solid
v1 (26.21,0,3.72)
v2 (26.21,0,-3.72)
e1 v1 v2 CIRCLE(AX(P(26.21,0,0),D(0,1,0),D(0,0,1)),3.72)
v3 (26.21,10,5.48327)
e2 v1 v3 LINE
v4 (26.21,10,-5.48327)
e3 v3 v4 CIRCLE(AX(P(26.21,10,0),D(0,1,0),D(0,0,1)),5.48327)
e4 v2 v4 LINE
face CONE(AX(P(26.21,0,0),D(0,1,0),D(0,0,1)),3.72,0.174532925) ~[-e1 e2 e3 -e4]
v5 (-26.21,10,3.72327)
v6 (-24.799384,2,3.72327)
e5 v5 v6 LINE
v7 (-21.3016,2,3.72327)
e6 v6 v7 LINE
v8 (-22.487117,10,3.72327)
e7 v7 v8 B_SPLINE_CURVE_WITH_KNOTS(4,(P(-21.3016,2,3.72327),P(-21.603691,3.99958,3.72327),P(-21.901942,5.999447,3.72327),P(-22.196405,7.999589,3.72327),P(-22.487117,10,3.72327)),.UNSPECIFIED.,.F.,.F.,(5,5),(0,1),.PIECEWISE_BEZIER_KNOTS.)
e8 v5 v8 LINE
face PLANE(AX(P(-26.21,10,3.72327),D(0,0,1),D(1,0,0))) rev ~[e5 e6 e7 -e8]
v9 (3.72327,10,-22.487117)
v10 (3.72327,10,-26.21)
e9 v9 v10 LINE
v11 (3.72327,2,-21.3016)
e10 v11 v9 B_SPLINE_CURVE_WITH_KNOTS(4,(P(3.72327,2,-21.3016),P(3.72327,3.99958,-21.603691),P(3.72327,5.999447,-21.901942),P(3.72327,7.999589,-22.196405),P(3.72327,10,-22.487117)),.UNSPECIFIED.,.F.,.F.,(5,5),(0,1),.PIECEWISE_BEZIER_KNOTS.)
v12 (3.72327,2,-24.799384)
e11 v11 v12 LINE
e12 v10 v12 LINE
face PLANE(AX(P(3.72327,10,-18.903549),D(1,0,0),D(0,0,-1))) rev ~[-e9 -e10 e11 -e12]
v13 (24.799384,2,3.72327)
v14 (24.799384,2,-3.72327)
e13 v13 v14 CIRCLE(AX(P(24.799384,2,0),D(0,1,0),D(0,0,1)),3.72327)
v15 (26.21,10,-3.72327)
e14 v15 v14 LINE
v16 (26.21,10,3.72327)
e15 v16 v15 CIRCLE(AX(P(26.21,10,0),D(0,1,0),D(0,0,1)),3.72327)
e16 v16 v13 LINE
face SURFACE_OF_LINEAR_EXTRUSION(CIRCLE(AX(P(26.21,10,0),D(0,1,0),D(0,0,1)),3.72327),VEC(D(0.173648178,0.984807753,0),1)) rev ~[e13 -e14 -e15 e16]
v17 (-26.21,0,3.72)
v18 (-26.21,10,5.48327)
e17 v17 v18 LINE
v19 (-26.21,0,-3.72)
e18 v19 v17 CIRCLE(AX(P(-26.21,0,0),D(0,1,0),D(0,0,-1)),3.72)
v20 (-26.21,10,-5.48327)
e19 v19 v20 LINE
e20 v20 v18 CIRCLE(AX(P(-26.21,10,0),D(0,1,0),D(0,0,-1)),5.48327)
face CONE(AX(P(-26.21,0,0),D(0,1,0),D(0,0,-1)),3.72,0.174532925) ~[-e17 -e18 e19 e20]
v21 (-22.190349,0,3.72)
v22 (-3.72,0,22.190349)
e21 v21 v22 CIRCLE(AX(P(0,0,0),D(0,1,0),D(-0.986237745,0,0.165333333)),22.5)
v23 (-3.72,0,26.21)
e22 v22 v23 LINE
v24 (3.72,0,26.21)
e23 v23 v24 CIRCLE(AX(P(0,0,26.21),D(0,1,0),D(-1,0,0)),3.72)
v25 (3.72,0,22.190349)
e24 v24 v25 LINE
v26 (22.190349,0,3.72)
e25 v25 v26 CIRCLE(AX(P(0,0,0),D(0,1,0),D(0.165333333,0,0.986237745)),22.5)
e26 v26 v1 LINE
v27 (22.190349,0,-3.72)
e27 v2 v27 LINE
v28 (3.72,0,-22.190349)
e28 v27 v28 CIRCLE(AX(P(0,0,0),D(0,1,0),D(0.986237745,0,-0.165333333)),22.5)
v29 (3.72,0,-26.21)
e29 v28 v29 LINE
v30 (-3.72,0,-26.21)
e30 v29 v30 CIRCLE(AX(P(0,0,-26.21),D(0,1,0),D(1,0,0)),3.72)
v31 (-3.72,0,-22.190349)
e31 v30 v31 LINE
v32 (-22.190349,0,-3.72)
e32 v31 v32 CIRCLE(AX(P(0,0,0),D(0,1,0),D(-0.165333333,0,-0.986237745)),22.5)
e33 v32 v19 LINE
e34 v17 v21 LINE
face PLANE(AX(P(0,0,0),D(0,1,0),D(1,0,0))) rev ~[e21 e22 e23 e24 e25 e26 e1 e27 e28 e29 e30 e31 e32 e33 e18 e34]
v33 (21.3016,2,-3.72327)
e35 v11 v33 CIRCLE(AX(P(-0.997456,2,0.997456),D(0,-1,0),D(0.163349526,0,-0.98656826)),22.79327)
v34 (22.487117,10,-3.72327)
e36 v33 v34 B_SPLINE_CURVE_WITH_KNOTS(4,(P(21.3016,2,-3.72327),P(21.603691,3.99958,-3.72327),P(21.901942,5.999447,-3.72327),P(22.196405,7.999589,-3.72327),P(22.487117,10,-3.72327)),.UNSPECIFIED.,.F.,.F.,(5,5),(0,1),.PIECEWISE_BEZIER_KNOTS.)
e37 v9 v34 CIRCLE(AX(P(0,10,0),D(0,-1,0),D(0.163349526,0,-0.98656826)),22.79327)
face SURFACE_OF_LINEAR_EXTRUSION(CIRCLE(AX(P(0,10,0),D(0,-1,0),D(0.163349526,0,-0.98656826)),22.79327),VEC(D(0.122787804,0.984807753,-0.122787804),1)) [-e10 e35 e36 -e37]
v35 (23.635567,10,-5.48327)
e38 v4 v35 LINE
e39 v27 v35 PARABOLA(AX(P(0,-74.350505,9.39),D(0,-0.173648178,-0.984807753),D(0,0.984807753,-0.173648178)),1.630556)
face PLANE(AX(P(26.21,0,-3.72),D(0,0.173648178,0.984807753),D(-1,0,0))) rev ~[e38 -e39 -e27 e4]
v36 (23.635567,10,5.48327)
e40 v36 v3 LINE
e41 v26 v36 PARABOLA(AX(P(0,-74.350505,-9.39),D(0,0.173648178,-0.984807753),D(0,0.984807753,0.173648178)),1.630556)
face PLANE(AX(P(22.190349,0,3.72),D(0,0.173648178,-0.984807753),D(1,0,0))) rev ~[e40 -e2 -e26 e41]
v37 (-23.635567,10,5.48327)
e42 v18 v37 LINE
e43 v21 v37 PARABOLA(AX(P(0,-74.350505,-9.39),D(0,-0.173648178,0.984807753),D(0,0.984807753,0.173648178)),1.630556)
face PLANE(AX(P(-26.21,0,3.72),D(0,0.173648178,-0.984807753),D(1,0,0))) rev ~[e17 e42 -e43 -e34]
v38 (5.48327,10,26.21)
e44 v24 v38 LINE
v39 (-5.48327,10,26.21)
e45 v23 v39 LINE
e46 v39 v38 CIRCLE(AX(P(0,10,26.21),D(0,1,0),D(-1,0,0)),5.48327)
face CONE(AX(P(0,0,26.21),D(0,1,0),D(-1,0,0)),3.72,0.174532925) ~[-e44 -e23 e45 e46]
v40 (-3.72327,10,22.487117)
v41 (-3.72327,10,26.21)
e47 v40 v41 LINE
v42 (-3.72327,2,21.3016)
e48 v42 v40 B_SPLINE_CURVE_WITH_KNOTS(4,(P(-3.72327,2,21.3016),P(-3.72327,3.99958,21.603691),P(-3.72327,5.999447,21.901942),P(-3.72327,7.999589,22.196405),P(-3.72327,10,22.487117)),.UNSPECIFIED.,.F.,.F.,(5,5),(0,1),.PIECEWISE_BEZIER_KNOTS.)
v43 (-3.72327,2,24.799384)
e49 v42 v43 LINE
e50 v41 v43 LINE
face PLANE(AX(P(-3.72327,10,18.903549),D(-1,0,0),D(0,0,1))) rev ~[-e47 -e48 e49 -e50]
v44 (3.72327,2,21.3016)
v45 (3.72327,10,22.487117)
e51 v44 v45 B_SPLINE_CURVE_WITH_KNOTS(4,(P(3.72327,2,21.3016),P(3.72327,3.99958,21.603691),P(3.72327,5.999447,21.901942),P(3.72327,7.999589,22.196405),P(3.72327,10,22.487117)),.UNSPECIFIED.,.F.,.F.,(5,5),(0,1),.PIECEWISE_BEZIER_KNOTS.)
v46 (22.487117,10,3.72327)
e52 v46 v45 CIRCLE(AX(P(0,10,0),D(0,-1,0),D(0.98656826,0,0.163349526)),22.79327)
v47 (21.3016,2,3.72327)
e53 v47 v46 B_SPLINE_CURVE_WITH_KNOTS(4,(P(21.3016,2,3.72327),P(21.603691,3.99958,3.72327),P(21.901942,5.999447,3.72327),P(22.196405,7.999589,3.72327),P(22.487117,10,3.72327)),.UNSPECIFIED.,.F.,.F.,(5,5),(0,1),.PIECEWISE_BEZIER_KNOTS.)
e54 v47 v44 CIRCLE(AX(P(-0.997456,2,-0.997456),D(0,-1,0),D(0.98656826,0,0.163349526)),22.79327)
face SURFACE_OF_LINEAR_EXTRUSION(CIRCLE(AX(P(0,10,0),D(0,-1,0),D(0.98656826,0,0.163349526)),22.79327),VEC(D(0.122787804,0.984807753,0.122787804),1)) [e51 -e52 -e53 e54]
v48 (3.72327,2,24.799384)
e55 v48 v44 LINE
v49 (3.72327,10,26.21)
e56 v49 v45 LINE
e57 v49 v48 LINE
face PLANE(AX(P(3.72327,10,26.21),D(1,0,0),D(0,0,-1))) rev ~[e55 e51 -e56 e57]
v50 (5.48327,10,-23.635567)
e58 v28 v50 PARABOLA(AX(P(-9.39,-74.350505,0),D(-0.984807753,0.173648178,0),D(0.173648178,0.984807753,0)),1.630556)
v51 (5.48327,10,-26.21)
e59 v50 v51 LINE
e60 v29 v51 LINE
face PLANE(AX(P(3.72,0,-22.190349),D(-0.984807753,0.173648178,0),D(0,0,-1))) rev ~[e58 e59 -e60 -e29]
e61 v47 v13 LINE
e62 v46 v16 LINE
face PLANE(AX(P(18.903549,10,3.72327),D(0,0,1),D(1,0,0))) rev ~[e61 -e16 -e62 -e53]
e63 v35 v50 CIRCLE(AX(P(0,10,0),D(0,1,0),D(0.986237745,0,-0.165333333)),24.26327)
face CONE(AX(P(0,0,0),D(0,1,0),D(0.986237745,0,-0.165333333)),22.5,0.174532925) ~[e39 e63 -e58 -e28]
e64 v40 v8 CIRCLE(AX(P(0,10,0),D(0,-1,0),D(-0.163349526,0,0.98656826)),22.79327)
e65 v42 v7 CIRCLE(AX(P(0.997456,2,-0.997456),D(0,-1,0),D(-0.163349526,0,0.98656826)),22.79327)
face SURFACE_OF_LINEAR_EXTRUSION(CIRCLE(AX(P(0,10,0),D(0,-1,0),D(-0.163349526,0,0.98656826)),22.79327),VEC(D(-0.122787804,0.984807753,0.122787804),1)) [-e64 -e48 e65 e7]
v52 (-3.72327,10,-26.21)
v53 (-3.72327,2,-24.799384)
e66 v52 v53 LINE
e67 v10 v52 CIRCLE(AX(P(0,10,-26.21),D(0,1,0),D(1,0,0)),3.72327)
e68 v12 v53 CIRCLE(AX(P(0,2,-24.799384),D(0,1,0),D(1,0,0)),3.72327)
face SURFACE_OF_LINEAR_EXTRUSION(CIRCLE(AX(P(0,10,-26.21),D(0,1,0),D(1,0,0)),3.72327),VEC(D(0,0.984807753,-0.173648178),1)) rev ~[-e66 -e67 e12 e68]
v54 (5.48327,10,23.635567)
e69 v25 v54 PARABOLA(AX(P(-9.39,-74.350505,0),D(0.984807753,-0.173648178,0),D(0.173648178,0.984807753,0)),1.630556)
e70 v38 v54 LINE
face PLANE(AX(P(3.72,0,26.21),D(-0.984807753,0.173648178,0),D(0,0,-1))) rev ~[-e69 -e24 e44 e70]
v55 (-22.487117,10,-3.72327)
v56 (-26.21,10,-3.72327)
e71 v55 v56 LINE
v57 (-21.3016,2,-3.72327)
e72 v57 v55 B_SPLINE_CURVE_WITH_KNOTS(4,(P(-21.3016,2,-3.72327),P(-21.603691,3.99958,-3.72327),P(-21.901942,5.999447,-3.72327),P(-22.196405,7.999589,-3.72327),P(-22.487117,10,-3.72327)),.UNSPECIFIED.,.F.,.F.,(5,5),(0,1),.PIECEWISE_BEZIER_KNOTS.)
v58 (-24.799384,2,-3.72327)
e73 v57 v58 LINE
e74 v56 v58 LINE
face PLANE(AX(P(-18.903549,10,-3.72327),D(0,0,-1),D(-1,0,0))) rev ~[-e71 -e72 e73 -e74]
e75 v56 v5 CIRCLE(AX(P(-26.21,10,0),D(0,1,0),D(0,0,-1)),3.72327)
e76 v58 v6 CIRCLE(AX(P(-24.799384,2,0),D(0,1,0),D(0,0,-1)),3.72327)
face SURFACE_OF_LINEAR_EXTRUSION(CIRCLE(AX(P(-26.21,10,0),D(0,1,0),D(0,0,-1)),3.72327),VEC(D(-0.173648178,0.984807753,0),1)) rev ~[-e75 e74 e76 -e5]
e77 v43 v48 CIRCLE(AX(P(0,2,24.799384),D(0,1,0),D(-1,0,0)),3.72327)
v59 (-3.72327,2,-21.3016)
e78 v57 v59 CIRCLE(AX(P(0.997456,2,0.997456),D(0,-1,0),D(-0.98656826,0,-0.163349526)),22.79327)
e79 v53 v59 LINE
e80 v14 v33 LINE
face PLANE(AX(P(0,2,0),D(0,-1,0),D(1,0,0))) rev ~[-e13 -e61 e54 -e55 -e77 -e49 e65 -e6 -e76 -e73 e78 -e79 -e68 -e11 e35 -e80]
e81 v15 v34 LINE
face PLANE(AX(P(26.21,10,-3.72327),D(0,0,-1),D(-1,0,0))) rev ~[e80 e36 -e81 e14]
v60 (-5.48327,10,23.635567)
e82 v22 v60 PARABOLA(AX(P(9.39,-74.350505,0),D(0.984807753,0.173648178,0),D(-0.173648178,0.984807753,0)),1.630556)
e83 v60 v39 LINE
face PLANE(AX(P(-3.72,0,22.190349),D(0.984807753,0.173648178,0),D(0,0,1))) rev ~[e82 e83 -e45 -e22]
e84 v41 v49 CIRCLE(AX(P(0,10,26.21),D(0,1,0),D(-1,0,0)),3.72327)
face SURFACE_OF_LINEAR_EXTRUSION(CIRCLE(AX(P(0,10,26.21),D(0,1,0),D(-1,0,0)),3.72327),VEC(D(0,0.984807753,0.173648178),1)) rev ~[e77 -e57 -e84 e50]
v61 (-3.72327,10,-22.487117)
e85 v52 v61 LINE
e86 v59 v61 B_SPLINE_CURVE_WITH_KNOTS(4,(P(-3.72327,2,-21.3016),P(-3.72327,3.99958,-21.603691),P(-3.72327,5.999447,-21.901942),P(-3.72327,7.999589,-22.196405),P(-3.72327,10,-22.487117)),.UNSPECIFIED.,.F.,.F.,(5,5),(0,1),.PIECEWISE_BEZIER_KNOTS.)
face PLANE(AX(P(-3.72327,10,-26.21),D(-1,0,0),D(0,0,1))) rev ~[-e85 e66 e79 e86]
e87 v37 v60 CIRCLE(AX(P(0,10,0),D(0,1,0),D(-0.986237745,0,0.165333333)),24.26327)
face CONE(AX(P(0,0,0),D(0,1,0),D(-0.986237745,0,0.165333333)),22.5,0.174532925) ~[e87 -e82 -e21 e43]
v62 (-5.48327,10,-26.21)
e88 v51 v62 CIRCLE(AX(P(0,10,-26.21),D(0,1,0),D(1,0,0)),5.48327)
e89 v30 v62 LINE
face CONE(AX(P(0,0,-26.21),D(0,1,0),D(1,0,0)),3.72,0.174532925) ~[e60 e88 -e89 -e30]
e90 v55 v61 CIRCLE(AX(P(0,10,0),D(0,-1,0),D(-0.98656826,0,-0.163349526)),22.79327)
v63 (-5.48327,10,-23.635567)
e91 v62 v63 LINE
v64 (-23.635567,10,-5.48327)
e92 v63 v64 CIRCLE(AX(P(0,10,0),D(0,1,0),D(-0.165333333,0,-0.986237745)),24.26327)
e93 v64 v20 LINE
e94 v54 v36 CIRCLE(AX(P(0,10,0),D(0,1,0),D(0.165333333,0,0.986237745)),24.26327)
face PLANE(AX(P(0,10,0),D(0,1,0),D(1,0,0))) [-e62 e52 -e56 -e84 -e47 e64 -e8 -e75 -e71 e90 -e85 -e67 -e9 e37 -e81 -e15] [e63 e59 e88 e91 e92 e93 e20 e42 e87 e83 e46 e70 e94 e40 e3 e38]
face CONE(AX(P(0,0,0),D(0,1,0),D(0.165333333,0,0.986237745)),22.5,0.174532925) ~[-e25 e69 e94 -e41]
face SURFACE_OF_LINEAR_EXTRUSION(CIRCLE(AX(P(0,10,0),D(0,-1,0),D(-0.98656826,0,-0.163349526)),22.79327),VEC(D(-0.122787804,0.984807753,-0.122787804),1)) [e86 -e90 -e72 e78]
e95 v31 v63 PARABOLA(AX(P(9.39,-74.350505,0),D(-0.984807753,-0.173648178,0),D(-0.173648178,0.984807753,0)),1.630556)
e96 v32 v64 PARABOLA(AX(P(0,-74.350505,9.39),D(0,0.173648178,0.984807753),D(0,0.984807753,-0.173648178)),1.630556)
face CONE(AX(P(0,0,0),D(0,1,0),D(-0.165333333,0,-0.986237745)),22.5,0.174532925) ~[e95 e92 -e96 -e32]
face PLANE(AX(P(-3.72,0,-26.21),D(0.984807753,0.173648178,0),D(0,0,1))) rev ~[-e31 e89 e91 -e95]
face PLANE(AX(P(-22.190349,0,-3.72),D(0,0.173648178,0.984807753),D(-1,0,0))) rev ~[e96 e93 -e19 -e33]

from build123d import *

# Parameters (mm, degrees)
EXTRUDE_THIN1_DEPTH = 10
EXTRUDE_THIN1_DRAFT = -10
BOSS_EXTRUDE1_DEPTH = 2
CUT_EXTRUDE1_DEPTH  = 8.123412895
CIRPATTERN1_COUNT   = 4
CUT_EXTRUDE2_DEPTH  = 8.123412895
CIRPATTERN2_COUNT   = 4


with BuildPart() as part:
    # Sketch1 → Extrude-Thin1 (with draft: the straight prism first)
    with BuildSketch(Plane(origin=(0, 0, 0), x_dir=(1, 0, 0), z_dir=(0, 1, 0))):
        with BuildLine():
            ThreePointArc((22.190349254, 3.72), (15.909902577, 15.909902577), (3.72, 22.190349254))
            Line((3.72, 22.190349254), (3.72, 26.21))
            ThreePointArc((3.72, 26.21), (0, 29.93), (-3.72, 26.21))
            Line((-3.72, 26.21), (-3.72, 22.190349254))
            ThreePointArc((-3.72, 22.190349254), (-15.909902577, 15.909902577), (-22.190349254, 3.72))
            Line((-22.190349254, 3.72), (-26.21, 3.72))
            ThreePointArc((-26.21, 3.72), (-29.93, 0), (-26.21, -3.72))
            Line((-26.21, -3.72), (-22.190349254, -3.72))
            ThreePointArc((-22.190349254, -3.72), (-15.909902577, -15.909902577), (-3.72, -22.190349254))
            Line((-3.72, -22.190349254), (-3.72, -26.21))
            ThreePointArc((-3.72, -26.21), (0, -29.93), (3.72, -26.21))
            Line((3.72, -26.21), (3.72, -22.190349254))
            ThreePointArc((3.72, -22.190349254), (15.909902577, -15.909902577), (22.190349254, -3.72))
            Line((22.190349254, -3.72), (26.21, -3.72))
            ThreePointArc((26.21, -3.72), (29.93, 0), (26.21, 3.72))
            Line((26.21, 3.72), (22.190349254, 3.72))
        make_face()
        with BuildLine():
            Line((20.909289801, 2.25), (26.21, 2.25))
            ThreePointArc((26.21, 2.25), (28.46, 0), (26.21, -2.25))
            Line((26.21, -2.25), (20.909289801, -2.25))
            ThreePointArc((20.909289801, -2.25), (14.870455608, -14.870455608), (2.25, -20.909289801))
            Line((2.25, -20.909289801), (2.25, -26.21))
            ThreePointArc((2.25, -26.21), (0, -28.46), (-2.25, -26.21))
            Line((-2.25, -26.21), (-2.25, -20.909289801))
            ThreePointArc((-2.25, -20.909289801), (-14.870455608, -14.870455608), (-20.909289801, -2.25))
            Line((-20.909289801, -2.25), (-26.21, -2.25))
            ThreePointArc((-26.21, -2.25), (-28.46, 0), (-26.21, 2.25))
            Line((-26.21, 2.25), (-20.909289801, 2.25))
            ThreePointArc((-20.909289801, 2.25), (-14.870455608, 14.870455608), (-2.25, 20.909289801))
            Line((-2.25, 20.909289801), (-2.25, 26.21))
            ThreePointArc((-2.25, 26.21), (0, 28.46), (2.25, 26.21))
            Line((2.25, 26.21), (2.25, 20.909289801))
            ThreePointArc((2.25, 20.909289801), (14.870455608, 14.870455608), (20.909289801, 2.25))
        make_face(mode=Mode.SUBTRACT)
    extrude(amount=EXTRUDE_THIN1_DEPTH)
    # Extrude-Thin1: the draft: its side faces are tilted about the plane it starts from
    extrude_thin1_sides = [part.faces().sort_by_distance(p)[0] for p in [
        (-3.72, 5, 24.200174627),
        (0, 5, 29.93),
        (3.72, 5, 24.200174627),
        (15.909902577, 5, 15.909902577),
        (24.200174627, 5, 3.72),
        (29.93, 5, 0),
        (24.200174627, 5, -3.72),
        (15.909902577, 5, -15.909902577),
        (3.72, 5, -24.200174627),
        (0, 5, -29.93),
        (-3.72, 5, -24.200174627),
        (-15.909902577, 5, -15.909902577),
        (-24.200174627, 5, -3.72),
        (-29.93, 5, 0),
        (-24.200174627, 5, 3.72),
        (-15.909902577, 5, 15.909902577),
        (-23.559644901, 5, 2.25),
        (-28.46, 5, 0),
        (-23.559644901, 5, -2.25),
        (-14.870455608, 5, -14.870455608),
        (-2.25, 5, -23.559644901),
        (0, 5, -28.46),
        (2.25, 5, -23.559644901),
        (14.870455608, 5, -14.870455608),
        (23.559644901, 5, -2.25),
        (28.46, 5, 0),
        (23.559644901, 5, 2.25),
        (14.870455608, 5, 14.870455608),
        (2.25, 5, 23.559644901),
        (0, 5, 28.46),
        (-2.25, 5, 23.559644901),
        (-14.870455608, 5, 14.870455608),
    ]]
    draft(extrude_thin1_sides, Plane(origin=(0, 0, 0), x_dir=(1, 0, 0), z_dir=(0, 1, 0)), EXTRUDE_THIN1_DRAFT)

    # Sketch2 → Boss-Extrude1 (add)
    with BuildSketch(Plane.XZ):
        with BuildLine():
            Line((3.72, -26.21), (3.72, -22.190349254))
            ThreePointArc((3.72, -22.190349254), (15.909902577, -15.909902577), (22.190349254, -3.72))
            Line((22.190349254, -3.72), (26.21, -3.72))
            ThreePointArc((26.21, -3.72), (29.93, 0), (26.21, 3.72))
            Line((26.21, 3.72), (22.190349254, 3.72))
            ThreePointArc((22.190349254, 3.72), (15.909902577, 15.909902577), (3.72, 22.190349254))
            Line((3.72, 22.190349254), (3.72, 26.21))
            ThreePointArc((3.72, 26.21), (0, 29.93), (-3.72, 26.21))
            Line((-3.72, 26.21), (-3.72, 22.190349254))
            ThreePointArc((-3.72, 22.190349254), (-15.909902577, 15.909902577), (-22.190349254, 3.72))
            Line((-22.190349254, 3.72), (-26.21, 3.72))
            ThreePointArc((-26.21, 3.72), (-29.93, 0), (-26.21, -3.72))
            Line((-26.21, -3.72), (-22.190349254, -3.72))
            ThreePointArc((-22.190349254, -3.72), (-15.909902577, -15.909902577), (-3.72, -22.190349254))
            Line((-3.72, -22.190349254), (-3.72, -26.21))
            ThreePointArc((-3.72, -26.21), (0, -29.93), (3.72, -26.21))
        make_face()
    extrude(amount=-BOSS_EXTRUDE1_DEPTH)

    # Sketch4 → Cut-Extrude1 (cut, along a direction that is not the sketch's normal)
    with BuildSketch(Plane(origin=(0, 10, 0), x_dir=(1, 0, 0), z_dir=(0, 1, 0))):
        with BuildLine():
            Line((26.21, 3.723269807), (18.903548722, 3.723269807))
            ThreePointArc((18.903548722, 3.723269807), (19.266730193, 0), (18.903548722, -3.723269807))
            Line((18.903548722, -3.723269807), (26.21, -3.723269807))
            ThreePointArc((26.21, -3.723269807), (29.933269807, 0), (26.21, 3.723269807))
        make_face()
    cut_extrude1 = extrude(amount=-CUT_EXTRUDE1_DEPTH, dir=(0.17364817766693075, 0.984807753012208, 0), mode=Mode.SUBTRACT)

    # CirPattern1: Cut-Extrude1 ×4 about axis
    cirpattern1_axis = Axis((0, 0, 0), (0, -1, 0))
    for i in range(1, CIRPATTERN1_COUNT):
        add(cut_extrude1.rotate(cirpattern1_axis, i * 360 / CIRPATTERN1_COUNT), mode=Mode.SUBTRACT)

    # Sketch7 → Cut-Extrude2 (cut, along a direction that is not the sketch's normal)
    with BuildSketch(Plane(origin=(0, 10, 0), x_dir=(1, 0, 0), z_dir=(0, 1, 0))):
        with BuildLine():
            Line((3.723269807, 18.903548722), (3.723269807, 22.487116544))
            ThreePointArc((3.723269807, 22.487116544), (16.117275646, 16.117275646), (22.487116544, 3.723269807))
            Line((22.487116544, 3.723269807), (18.903548722, 3.723269807))
            ThreePointArc((18.903548722, 3.723269807), (13.623635571, 13.623635571), (3.723269807, 18.903548722))
        make_face()
    cut_extrude2 = extrude(amount=-CUT_EXTRUDE2_DEPTH, dir=(0.12278780396897289, 0.9848077530122081, -0.12278780396897289), mode=Mode.SUBTRACT)

    # CirPattern2: Cut-Extrude2 ×4 about axis
    cirpattern2_axis = Axis((0, 0, 0), (0, -1, 0))
    for i in range(1, CIRPATTERN2_COUNT):
        add(cut_extrude2.rotate(cirpattern2_axis, i * 360 / CIRPATTERN2_COUNT), mode=Mode.SUBTRACT)


solid = part.part
